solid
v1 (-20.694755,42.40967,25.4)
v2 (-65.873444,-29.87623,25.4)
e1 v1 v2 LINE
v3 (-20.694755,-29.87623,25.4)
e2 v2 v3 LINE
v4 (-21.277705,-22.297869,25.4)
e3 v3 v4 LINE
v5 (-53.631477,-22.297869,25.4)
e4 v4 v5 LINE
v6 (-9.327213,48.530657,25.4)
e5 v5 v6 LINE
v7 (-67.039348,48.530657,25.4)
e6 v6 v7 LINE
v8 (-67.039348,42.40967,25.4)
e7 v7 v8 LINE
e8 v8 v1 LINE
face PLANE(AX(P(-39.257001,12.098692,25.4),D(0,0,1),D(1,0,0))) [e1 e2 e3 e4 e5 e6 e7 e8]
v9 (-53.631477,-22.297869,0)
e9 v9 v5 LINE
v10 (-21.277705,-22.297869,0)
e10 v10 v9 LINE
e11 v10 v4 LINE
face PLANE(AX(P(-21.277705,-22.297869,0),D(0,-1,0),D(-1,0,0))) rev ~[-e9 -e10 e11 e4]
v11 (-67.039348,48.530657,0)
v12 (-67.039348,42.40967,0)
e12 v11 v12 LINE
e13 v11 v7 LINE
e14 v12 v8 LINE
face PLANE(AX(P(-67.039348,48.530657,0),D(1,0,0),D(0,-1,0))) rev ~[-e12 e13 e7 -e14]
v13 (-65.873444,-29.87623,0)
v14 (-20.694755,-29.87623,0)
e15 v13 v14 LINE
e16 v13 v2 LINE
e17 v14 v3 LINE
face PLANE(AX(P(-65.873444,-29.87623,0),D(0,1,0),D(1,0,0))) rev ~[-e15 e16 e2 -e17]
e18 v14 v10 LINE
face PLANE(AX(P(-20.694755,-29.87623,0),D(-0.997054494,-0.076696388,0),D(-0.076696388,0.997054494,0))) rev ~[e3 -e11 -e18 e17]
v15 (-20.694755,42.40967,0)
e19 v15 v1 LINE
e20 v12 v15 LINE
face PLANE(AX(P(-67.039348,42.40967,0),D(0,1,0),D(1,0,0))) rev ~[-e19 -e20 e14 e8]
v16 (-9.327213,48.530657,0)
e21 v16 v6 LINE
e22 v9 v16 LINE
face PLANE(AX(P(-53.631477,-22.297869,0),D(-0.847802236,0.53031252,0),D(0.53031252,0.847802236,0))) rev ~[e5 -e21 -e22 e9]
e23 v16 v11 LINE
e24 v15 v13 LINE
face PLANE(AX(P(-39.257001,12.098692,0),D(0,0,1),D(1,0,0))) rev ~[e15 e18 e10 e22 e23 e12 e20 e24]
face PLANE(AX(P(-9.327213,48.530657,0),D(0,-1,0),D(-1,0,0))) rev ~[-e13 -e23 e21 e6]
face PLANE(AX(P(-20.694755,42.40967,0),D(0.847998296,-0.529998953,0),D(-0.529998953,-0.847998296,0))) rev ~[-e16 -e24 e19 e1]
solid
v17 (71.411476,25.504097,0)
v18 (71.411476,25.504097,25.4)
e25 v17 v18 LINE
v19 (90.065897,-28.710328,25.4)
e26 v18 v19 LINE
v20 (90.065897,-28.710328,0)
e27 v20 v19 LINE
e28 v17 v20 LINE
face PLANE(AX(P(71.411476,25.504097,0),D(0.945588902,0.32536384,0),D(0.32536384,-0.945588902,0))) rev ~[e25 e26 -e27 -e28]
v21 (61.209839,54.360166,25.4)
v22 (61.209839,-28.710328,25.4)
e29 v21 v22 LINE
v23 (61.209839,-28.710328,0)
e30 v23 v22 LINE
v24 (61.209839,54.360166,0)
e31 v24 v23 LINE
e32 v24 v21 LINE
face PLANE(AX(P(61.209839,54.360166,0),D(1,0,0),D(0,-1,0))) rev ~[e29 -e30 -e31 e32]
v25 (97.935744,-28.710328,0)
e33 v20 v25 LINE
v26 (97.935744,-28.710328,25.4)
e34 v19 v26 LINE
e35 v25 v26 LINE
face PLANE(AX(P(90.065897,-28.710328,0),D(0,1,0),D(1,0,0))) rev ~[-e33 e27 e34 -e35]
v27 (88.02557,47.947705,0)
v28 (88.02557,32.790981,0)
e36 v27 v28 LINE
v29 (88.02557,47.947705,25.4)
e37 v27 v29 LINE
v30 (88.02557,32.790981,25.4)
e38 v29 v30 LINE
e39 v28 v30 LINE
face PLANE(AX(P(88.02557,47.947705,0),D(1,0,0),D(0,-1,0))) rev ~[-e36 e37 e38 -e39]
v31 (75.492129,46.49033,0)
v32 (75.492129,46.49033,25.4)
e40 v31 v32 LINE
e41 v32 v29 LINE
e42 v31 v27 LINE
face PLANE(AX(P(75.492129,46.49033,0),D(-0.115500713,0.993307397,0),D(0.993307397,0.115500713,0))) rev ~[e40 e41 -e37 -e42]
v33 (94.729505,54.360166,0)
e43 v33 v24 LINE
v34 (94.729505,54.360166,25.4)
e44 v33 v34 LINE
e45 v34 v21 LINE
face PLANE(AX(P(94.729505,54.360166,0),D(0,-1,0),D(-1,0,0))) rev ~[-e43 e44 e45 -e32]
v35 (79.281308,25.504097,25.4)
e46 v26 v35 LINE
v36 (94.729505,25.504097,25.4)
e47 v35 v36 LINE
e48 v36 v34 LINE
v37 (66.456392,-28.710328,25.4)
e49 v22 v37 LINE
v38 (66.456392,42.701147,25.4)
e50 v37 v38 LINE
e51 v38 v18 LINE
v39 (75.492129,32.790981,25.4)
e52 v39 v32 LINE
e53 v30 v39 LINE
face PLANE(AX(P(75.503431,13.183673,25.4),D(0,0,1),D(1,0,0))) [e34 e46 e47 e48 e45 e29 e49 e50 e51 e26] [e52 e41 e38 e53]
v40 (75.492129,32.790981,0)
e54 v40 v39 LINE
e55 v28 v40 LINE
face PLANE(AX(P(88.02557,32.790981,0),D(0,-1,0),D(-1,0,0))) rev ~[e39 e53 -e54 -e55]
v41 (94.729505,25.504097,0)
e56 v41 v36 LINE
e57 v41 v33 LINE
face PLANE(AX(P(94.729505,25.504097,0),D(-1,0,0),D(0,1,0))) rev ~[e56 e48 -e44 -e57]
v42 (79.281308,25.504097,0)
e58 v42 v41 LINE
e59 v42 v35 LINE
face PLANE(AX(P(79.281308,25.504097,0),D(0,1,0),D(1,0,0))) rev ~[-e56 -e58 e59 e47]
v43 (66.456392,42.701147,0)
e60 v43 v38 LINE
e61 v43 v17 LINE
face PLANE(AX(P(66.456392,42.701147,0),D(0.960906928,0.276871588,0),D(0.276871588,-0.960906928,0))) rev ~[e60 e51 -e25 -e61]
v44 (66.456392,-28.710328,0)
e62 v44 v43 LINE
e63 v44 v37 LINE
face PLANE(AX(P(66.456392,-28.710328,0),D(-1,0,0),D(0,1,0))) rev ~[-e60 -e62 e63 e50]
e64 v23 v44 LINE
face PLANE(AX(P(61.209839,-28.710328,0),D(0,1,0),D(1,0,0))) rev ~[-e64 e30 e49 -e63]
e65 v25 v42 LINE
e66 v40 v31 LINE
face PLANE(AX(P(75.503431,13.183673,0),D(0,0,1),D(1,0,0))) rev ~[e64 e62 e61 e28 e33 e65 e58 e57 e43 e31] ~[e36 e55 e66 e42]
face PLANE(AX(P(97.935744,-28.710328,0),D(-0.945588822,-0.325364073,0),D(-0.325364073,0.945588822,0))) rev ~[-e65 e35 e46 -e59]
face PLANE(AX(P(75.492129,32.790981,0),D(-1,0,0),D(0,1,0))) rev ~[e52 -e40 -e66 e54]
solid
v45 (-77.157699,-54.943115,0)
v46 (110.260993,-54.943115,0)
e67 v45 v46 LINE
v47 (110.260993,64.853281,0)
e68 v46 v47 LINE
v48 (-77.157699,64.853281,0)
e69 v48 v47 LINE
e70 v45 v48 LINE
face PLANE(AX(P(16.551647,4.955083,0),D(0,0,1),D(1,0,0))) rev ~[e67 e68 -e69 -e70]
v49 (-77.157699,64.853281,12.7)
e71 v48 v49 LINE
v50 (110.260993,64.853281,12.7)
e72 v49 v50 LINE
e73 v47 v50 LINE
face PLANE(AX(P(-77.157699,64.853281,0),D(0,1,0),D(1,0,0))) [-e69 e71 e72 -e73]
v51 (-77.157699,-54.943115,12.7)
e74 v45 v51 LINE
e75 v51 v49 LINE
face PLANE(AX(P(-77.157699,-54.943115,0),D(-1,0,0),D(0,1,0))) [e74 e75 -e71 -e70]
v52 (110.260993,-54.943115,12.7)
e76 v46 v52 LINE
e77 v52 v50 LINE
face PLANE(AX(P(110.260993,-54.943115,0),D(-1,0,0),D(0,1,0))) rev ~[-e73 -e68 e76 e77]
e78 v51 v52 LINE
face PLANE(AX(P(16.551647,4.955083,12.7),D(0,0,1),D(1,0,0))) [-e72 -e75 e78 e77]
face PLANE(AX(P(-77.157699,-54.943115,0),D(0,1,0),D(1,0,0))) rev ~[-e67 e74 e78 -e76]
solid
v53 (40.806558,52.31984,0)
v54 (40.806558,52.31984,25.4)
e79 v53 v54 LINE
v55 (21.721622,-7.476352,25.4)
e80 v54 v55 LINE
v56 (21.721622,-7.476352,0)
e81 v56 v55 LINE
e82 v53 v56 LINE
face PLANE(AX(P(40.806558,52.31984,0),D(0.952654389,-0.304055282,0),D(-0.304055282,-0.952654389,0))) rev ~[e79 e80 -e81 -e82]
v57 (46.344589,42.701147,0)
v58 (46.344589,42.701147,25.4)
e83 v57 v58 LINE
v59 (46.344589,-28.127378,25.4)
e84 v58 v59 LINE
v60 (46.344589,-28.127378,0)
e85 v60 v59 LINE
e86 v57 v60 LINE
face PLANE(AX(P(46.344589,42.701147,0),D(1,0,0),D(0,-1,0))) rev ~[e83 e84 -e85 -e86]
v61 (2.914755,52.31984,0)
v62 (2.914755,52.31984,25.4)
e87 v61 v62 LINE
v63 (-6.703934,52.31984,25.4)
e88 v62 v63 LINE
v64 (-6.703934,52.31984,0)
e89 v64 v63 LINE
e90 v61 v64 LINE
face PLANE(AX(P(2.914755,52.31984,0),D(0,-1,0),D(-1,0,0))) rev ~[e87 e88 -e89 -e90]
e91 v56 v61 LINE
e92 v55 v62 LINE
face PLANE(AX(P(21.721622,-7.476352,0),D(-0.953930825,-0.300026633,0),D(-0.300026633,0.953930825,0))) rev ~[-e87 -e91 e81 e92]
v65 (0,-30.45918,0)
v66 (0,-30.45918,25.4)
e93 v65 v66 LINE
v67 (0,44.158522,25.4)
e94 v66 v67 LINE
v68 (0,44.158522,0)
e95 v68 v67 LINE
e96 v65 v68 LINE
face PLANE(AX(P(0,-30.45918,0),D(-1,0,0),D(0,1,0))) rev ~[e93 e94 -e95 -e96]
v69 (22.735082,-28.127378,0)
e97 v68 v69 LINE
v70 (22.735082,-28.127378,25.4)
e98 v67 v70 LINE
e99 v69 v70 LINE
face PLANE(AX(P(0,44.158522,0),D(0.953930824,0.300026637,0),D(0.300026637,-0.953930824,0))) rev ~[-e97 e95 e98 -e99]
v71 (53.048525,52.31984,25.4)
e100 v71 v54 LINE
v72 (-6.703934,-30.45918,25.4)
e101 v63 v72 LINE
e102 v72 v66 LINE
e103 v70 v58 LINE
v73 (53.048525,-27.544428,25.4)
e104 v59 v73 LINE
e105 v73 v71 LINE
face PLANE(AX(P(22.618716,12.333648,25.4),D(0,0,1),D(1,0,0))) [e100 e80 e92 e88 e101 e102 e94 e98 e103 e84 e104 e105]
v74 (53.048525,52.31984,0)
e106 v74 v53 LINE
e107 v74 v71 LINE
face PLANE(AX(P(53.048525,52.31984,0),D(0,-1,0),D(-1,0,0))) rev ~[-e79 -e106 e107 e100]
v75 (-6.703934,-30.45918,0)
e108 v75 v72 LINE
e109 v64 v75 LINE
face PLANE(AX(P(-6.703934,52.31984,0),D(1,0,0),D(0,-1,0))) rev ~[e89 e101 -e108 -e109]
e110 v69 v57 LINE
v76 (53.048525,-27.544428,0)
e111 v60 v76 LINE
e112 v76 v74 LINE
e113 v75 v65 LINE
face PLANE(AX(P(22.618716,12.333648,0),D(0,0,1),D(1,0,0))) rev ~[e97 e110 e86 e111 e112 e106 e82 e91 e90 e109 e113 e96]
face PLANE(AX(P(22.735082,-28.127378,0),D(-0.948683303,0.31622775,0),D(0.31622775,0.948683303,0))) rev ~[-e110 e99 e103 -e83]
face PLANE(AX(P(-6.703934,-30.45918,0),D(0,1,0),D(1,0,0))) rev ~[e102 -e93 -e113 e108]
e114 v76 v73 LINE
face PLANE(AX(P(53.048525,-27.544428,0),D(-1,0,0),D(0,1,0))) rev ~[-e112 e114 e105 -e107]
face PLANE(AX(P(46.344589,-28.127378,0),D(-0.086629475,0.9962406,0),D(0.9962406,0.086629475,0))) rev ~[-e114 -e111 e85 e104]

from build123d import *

# Parameters (mm, degrees)
F3_DEPTH = 25.4
F4_DEPTH = 25.4
F5_DEPTH = 25.4
F6_W     = 187.418692
F6_H     = 119.796396
F7_DEPTH = 12.7


with BuildPart() as f3:
    # F0 (on Top) → F3 (new body)
    with BuildSketch(Plane.XY):
        Polygon((-67.039348, 48.530657), (-67.039348, 42.40967), (-20.694755, 42.40967), (-65.873444, -29.87623), (-20.694755, -29.87623), (-21.277705, -22.297869), (-53.631477, -22.297869), (-9.327213, 48.530657), align=None)
    extrude(amount=F3_DEPTH)


with BuildPart() as f4:
    # F1 (on Top) → F4 (new body)
    with BuildSketch(Plane.XY):
        Polygon((-6.703934, -30.45918), (0, -30.45918), (0, 44.158522), (22.735082, -28.127378), (46.344589, 42.701147), (46.344589, -28.127378), (53.048525, -27.544428), (53.048525, 52.31984), (40.806558, 52.31984), (21.721622, -7.476352), (2.914755, 52.31984), (-6.703934, 52.31984), align=None)
    extrude(amount=F4_DEPTH)


with BuildPart() as f5:
    # F2 (on Top) → F5 (new body)
    with BuildSketch(Plane.XY):
        Polygon((66.456392, -28.710328), (66.456392, 42.701147), (71.411476, 25.504097), (90.065897, -28.710328), (97.935744, -28.710328), (79.281308, 25.504097), (94.729505, 25.504097), (94.729505, 54.360166), (61.209839, 54.360166), (61.209839, -28.710328), align=None)
        Polygon((75.492129, 32.790981), (75.492129, 46.49033), (88.02557, 47.947705), (88.02557, 32.790981), align=None, mode=Mode.SUBTRACT)
    extrude(amount=F5_DEPTH)


with BuildPart() as f7:
    # F6 (on Top) → F7 (new body)
    with BuildSketch(Plane.XY):
        with Locations((16.551647, 4.955083)):
            Rectangle(F6_W, F6_H)
    extrude(amount=F7_DEPTH)


solid = Compound([f3.part, f4.part, f5.part, f7.part])
